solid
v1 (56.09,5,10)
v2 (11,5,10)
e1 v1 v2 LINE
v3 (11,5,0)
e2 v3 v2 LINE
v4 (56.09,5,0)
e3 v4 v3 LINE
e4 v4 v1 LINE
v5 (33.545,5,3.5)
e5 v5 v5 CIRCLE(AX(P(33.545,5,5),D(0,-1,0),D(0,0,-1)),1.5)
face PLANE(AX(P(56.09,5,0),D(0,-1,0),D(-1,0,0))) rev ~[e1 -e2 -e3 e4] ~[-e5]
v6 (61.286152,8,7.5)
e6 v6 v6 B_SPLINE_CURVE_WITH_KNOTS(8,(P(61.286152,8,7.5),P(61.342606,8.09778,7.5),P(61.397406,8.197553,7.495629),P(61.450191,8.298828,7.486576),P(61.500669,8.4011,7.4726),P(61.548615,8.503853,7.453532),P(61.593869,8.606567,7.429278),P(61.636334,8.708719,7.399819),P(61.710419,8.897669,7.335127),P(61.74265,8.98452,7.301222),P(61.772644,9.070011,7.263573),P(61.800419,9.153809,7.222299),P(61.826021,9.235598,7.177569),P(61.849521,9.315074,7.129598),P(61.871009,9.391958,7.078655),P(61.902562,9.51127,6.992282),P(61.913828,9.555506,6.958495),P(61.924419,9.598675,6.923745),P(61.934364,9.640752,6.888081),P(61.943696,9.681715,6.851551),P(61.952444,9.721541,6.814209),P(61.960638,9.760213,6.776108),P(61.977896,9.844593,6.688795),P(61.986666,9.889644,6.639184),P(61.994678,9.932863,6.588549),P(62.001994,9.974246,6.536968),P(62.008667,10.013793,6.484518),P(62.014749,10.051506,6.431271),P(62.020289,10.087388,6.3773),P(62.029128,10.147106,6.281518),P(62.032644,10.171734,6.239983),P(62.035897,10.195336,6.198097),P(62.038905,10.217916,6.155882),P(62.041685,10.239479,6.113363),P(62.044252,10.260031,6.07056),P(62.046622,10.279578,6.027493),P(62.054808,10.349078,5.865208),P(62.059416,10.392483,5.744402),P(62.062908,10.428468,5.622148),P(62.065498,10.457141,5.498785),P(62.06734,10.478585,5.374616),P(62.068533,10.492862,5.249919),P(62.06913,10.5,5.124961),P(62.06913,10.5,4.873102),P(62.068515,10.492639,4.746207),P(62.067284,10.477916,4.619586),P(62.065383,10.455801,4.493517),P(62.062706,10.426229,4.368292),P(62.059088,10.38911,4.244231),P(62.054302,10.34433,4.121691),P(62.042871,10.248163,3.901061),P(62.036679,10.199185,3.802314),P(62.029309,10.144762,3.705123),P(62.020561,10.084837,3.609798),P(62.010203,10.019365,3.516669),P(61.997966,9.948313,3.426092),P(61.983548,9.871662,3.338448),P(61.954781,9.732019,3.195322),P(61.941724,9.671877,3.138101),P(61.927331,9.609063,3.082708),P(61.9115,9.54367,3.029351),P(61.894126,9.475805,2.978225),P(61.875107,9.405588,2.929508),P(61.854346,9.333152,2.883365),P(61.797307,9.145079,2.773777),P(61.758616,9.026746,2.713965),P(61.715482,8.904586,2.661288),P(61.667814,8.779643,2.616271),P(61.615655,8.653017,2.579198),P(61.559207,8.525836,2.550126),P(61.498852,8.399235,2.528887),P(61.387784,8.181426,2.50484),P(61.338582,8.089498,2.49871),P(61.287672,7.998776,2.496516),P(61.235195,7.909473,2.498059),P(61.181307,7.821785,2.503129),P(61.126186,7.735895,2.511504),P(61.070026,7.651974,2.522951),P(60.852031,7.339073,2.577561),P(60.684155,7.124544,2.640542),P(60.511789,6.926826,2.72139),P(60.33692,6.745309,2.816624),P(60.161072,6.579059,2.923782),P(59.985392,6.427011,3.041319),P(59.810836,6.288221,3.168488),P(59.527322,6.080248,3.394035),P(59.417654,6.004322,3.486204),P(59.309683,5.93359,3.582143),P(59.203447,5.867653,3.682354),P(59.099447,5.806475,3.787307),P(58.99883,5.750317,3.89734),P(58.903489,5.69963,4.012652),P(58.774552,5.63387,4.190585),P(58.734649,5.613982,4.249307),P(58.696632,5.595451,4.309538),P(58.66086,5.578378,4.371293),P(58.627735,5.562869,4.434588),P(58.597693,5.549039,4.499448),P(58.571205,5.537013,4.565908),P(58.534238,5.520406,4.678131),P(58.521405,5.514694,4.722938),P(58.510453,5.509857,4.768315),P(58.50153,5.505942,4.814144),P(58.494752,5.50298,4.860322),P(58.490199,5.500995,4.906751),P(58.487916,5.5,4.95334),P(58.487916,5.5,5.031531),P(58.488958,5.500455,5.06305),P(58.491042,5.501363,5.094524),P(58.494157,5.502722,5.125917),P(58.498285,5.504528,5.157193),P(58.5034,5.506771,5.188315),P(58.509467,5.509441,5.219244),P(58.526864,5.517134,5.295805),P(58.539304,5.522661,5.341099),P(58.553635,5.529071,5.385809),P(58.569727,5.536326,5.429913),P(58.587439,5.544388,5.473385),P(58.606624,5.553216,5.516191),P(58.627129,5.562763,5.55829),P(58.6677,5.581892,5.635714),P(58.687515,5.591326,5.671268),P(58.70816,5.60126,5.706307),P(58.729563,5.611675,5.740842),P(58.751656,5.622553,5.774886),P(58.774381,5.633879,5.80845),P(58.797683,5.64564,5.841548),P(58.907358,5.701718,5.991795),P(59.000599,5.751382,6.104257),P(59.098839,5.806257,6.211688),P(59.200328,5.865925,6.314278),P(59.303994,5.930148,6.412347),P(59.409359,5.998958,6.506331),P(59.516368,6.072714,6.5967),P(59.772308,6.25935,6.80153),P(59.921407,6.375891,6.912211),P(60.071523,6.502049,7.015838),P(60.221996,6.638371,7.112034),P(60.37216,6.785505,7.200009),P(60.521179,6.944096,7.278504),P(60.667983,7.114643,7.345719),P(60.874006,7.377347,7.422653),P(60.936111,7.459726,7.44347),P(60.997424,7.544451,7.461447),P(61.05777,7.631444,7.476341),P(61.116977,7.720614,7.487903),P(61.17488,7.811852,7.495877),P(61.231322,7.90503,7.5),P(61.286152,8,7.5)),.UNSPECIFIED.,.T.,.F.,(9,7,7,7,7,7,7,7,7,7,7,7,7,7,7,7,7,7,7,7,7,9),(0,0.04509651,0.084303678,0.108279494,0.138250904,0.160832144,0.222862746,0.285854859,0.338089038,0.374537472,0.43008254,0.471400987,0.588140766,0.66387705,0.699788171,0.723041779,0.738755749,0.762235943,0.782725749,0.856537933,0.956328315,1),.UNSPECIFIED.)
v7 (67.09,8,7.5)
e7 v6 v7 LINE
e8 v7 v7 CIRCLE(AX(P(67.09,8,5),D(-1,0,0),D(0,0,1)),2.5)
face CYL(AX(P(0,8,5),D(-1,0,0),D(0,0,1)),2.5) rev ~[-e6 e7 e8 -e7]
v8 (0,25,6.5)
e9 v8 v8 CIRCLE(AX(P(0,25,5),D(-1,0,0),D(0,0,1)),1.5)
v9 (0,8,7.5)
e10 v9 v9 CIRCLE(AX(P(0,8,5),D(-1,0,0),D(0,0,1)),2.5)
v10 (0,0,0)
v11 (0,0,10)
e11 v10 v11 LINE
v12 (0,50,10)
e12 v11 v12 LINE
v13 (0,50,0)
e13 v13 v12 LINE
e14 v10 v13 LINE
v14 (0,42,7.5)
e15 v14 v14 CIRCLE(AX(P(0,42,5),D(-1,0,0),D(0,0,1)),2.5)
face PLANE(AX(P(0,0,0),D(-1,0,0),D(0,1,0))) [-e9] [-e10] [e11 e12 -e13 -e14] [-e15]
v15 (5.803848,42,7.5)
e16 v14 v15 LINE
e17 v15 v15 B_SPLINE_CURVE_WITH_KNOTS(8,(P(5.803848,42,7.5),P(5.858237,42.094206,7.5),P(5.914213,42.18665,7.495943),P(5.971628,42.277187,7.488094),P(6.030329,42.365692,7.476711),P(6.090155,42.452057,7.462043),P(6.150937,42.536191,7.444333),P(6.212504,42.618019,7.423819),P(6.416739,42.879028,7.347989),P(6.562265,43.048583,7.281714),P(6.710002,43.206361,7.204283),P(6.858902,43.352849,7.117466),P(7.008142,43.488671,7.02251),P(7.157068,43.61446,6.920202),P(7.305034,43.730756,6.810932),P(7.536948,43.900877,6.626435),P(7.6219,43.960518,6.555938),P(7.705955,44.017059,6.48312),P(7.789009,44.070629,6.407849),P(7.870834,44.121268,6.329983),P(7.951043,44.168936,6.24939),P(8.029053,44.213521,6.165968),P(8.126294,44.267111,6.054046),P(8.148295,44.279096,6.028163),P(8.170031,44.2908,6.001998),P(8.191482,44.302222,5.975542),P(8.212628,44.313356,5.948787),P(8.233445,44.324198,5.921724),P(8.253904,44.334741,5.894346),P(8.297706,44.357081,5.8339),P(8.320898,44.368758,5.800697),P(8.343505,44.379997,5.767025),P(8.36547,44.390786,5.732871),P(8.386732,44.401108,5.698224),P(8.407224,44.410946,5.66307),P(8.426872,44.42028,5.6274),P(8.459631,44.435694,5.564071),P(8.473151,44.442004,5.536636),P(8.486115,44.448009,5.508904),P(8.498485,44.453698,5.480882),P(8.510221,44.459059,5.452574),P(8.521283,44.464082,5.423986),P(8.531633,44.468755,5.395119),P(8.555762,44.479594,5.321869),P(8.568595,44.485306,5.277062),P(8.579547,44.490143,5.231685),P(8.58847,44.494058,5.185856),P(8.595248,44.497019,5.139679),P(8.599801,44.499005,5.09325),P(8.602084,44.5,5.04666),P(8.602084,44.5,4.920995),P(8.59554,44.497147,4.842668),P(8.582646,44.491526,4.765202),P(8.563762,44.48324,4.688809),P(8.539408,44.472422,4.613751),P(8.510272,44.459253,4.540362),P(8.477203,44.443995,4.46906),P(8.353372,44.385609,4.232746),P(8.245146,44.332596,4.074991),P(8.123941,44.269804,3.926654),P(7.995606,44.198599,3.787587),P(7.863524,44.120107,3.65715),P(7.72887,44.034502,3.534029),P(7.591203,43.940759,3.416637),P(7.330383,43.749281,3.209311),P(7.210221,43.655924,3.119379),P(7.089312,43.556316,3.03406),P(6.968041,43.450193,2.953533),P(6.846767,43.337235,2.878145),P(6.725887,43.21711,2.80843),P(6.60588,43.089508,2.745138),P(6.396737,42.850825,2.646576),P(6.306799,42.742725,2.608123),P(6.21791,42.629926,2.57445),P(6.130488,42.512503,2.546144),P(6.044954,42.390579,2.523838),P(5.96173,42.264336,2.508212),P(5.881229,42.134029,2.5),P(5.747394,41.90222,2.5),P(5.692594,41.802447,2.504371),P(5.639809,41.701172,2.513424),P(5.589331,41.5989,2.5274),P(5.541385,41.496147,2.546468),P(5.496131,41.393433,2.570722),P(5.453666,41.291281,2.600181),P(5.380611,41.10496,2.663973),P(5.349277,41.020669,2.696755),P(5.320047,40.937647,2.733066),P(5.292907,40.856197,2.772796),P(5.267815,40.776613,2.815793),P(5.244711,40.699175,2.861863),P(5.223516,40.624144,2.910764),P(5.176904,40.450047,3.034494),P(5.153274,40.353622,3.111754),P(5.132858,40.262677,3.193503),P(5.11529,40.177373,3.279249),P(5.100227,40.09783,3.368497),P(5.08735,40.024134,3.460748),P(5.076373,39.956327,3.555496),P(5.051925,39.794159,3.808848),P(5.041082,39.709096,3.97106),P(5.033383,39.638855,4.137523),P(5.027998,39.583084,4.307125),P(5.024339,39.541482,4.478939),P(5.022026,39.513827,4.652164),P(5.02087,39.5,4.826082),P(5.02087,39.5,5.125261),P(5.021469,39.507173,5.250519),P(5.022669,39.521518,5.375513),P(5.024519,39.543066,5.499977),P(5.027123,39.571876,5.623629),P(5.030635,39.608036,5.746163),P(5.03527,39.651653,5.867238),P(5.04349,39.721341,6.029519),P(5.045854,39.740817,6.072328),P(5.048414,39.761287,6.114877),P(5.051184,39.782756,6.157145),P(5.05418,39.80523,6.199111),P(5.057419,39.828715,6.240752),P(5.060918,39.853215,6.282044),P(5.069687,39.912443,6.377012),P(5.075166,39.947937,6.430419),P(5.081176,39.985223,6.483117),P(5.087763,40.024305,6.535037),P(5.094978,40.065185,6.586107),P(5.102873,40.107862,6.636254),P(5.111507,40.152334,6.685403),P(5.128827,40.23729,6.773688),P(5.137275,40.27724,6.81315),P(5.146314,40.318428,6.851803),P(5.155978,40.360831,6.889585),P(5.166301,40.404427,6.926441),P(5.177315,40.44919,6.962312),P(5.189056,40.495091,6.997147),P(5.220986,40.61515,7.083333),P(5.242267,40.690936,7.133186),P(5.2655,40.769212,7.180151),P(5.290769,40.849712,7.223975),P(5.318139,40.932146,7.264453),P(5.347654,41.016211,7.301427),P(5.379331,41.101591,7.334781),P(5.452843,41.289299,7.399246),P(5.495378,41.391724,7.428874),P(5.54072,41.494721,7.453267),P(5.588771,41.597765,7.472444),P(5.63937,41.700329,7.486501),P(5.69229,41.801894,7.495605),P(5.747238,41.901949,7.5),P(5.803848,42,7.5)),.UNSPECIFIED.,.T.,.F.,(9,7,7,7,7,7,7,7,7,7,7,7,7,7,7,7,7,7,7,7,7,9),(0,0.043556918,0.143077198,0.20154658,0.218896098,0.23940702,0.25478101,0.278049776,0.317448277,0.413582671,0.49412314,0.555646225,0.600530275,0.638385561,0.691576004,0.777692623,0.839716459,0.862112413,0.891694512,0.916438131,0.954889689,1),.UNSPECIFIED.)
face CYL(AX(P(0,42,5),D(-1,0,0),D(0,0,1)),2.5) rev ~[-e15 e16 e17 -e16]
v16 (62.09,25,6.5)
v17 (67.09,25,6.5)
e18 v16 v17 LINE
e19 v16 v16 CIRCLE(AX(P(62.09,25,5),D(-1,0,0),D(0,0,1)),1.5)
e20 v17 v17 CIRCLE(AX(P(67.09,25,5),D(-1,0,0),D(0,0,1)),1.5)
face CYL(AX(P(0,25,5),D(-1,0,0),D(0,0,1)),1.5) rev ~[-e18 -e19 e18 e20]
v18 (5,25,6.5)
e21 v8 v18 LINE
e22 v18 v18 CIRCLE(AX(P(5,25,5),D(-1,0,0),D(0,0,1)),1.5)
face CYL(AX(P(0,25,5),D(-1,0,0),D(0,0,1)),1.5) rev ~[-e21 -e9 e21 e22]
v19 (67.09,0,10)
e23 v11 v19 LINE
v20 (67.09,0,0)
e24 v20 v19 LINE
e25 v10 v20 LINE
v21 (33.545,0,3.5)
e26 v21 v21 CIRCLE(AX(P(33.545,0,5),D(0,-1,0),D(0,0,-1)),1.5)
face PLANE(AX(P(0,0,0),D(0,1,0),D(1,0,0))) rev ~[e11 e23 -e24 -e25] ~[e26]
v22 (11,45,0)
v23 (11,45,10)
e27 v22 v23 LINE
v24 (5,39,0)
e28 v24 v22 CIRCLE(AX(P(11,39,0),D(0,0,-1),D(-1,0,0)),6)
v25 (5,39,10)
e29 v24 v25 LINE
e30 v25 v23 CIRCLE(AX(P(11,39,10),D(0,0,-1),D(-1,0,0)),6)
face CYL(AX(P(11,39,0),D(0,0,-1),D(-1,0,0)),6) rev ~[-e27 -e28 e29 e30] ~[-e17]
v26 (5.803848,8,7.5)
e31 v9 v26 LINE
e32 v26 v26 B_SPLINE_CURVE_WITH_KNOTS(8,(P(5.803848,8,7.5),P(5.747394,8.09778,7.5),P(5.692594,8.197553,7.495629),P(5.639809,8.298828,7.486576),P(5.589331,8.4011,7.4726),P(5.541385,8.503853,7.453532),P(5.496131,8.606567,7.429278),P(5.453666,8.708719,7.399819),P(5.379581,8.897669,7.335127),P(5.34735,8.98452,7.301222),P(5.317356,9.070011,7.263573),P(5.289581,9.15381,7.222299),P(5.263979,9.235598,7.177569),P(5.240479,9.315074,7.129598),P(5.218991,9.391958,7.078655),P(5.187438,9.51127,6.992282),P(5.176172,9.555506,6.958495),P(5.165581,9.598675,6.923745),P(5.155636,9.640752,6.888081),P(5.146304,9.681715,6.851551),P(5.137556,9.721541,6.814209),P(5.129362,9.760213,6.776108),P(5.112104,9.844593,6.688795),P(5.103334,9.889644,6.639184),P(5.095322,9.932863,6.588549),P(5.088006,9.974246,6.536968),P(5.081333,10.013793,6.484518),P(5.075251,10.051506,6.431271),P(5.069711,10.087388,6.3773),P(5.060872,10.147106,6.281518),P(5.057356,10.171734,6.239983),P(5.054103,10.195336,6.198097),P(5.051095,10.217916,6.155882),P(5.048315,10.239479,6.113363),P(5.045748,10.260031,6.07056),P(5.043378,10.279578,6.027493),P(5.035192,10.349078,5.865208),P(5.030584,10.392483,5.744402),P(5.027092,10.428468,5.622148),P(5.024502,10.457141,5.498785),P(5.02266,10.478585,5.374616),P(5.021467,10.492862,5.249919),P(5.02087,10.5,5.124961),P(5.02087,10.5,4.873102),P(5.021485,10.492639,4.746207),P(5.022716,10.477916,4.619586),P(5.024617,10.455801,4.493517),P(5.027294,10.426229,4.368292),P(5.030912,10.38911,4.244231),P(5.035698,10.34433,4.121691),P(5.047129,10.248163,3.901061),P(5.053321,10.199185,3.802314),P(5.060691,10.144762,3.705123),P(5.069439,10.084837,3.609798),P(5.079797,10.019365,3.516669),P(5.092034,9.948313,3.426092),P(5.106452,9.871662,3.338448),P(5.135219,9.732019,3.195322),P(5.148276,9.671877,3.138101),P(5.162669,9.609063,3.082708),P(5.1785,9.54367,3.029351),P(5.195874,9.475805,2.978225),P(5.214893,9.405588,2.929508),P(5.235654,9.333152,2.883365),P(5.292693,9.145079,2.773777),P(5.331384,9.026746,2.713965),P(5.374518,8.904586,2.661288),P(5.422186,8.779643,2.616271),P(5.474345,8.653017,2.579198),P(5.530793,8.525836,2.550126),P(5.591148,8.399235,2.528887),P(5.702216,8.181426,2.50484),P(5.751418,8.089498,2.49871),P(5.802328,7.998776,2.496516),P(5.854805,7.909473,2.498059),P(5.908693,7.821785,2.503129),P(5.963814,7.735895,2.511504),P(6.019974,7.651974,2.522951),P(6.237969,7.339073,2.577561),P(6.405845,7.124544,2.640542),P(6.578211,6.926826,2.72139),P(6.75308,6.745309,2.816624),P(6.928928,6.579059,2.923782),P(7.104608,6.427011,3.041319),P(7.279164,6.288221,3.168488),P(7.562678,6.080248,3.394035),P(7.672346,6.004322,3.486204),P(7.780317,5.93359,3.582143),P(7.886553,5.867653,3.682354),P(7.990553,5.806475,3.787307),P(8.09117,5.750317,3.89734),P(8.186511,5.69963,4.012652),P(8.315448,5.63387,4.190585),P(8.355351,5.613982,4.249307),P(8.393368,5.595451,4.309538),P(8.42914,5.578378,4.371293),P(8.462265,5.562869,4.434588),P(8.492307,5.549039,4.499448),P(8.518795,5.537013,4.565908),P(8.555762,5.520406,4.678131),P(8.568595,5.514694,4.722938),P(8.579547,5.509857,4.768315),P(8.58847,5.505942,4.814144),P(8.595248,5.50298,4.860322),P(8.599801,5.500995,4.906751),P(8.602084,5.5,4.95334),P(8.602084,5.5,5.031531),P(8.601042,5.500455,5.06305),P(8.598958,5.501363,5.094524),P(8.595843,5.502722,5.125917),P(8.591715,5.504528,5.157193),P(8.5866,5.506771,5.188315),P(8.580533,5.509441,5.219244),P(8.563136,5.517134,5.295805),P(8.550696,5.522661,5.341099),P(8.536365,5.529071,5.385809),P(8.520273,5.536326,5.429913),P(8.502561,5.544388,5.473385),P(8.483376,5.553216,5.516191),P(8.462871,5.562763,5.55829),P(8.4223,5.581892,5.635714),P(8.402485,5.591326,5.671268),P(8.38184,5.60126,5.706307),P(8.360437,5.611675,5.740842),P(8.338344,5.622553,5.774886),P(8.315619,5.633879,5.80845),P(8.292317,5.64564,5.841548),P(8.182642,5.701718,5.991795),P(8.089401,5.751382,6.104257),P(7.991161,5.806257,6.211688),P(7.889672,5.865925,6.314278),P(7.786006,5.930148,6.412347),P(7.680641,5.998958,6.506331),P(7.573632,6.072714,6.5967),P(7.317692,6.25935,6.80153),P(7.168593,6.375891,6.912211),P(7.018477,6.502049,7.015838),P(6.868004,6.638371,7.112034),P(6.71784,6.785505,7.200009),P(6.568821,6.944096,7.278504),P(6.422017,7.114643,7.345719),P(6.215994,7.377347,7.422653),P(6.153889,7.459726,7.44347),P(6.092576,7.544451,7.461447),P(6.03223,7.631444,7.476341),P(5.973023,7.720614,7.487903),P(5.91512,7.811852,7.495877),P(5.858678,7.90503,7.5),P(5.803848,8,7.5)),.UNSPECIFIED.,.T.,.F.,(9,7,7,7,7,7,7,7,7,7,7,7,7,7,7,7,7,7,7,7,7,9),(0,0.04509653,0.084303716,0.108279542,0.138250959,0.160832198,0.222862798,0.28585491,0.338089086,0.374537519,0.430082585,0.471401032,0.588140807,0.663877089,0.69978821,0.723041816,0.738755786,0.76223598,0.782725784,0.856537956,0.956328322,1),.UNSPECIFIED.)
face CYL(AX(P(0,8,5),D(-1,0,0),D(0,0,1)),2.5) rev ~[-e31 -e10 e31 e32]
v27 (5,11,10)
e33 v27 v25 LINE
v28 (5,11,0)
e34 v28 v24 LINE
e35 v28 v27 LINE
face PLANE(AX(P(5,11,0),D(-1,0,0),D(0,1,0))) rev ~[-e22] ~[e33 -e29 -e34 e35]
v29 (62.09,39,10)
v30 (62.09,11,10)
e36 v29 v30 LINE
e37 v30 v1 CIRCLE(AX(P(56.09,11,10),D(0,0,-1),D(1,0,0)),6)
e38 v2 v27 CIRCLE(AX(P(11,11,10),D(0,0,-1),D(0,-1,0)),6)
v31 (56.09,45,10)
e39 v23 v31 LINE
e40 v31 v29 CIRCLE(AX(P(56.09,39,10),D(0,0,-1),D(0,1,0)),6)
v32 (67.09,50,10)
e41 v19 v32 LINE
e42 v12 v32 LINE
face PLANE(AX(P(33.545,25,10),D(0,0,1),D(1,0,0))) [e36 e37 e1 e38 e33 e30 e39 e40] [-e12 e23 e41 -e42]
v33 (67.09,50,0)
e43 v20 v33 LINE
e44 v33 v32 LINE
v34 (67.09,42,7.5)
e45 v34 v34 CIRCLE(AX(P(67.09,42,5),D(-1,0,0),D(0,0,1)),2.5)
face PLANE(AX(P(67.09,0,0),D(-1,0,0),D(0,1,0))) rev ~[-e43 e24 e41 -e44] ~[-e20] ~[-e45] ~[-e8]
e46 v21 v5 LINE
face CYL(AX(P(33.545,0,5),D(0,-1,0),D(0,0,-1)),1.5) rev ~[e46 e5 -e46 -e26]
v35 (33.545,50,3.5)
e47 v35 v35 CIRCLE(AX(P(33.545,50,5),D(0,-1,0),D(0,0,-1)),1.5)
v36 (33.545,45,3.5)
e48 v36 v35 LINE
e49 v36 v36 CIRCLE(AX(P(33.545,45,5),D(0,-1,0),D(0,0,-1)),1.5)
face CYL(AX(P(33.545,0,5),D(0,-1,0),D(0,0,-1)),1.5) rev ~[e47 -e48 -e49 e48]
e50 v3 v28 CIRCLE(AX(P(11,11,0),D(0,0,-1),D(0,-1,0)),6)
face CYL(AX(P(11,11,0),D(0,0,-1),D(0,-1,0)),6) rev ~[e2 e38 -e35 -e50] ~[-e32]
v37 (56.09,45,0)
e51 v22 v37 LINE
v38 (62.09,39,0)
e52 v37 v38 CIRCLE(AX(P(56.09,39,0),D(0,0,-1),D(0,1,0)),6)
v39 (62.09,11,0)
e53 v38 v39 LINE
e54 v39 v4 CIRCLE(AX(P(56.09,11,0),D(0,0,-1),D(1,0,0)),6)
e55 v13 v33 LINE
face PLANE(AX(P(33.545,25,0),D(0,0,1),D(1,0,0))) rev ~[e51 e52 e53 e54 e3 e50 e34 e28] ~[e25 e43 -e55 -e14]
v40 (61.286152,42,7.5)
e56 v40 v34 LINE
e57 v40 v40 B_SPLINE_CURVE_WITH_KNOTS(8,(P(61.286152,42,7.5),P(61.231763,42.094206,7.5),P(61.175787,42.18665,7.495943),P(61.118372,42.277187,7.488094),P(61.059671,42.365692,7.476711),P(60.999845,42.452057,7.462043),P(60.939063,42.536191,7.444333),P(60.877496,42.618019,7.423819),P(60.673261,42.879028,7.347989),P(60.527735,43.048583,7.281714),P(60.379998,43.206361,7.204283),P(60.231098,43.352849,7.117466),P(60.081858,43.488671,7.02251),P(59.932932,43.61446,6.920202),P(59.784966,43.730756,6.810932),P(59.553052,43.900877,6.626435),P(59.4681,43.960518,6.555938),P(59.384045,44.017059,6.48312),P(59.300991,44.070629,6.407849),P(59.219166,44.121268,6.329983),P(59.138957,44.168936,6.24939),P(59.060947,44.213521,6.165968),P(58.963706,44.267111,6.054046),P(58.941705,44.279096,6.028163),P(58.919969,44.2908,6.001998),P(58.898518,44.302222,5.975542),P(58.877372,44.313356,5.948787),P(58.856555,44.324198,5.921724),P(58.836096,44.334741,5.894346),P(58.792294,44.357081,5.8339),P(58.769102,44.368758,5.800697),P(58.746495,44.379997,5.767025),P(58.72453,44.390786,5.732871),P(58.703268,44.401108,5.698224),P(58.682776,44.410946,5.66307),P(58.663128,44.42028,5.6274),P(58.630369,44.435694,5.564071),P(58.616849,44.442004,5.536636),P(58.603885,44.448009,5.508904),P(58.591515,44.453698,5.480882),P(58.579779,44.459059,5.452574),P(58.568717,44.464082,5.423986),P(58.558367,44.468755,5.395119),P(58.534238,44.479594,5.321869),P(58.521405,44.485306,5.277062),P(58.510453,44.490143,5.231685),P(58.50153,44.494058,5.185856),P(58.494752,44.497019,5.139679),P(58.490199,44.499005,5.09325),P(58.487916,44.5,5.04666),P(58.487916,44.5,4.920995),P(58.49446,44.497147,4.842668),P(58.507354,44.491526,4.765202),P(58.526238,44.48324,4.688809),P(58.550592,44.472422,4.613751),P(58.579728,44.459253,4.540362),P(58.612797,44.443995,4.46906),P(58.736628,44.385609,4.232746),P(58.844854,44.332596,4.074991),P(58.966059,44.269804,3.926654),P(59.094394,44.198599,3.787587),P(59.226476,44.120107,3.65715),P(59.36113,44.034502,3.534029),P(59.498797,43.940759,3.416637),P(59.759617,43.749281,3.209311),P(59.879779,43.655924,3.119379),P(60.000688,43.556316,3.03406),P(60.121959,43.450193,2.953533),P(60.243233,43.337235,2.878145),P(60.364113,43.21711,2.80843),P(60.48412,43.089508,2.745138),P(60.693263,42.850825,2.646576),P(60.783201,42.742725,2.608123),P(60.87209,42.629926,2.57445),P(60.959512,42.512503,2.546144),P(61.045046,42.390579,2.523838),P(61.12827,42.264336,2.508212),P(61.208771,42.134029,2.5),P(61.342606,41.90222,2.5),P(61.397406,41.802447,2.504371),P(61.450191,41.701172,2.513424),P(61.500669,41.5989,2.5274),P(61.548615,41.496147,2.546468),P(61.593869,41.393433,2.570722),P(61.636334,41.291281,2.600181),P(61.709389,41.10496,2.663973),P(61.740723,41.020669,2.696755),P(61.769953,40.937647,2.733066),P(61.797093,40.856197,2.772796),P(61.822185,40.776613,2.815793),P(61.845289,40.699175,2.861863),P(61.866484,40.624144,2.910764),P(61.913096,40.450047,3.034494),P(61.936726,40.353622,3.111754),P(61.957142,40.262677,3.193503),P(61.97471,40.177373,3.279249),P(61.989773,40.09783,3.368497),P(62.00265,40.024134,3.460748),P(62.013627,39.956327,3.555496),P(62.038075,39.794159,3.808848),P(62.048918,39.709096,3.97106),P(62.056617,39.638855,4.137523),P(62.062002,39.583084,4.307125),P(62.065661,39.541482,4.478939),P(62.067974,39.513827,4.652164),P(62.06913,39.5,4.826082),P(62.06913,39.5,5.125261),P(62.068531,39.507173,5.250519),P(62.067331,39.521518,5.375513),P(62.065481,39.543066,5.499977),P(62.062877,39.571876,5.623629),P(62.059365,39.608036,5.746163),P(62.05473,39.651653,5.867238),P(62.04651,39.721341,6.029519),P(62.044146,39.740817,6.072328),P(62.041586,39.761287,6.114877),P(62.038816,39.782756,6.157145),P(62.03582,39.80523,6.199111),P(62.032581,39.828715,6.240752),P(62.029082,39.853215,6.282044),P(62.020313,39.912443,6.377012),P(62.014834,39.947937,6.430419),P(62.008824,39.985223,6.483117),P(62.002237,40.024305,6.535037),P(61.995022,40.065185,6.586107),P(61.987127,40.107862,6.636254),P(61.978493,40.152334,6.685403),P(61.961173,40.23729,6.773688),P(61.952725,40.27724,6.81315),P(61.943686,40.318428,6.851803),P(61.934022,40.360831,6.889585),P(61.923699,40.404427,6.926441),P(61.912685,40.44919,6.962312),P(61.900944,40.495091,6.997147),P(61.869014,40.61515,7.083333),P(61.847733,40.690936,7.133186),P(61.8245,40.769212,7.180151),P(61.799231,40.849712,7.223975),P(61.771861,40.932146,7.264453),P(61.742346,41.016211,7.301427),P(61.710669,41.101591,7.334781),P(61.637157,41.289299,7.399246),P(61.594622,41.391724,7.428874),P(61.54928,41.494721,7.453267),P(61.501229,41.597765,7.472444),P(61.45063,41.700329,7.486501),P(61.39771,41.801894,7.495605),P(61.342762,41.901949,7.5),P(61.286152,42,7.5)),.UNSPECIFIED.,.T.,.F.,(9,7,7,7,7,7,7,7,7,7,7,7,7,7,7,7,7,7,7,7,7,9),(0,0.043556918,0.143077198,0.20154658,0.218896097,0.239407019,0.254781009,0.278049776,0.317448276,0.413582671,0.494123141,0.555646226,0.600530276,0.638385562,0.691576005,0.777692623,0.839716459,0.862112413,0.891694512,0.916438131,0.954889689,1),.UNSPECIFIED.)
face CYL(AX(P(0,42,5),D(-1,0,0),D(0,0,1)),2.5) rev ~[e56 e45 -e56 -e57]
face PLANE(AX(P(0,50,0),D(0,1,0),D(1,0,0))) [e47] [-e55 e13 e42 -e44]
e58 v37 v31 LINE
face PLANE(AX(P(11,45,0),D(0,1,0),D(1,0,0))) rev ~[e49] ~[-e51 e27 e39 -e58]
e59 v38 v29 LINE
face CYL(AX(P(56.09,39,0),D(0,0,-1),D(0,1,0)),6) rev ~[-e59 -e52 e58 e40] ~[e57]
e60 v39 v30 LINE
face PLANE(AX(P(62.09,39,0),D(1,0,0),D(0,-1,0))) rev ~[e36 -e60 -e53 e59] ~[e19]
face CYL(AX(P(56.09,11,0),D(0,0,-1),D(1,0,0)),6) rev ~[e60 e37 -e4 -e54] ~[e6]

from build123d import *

# Parameters (mm, degrees)
SKETCH_1_W          = 67.09
SKETCH_1_H          = 50
EXTRUDE_1_DEPTH     = 10
SKETCH_2_R          = 2.5
SKETCH_2_R_2        = 1.5
CUT_EXTRUDE_1_DEPTH = 85.267835501
SKETCH_3_R          = 1.5
CUT_EXTRUDE_2_DEPTH = 85.267835592


with BuildPart() as part:
    # 草图1 → 凸台-拉伸1 (new body)
    with BuildSketch(Plane.XY):
        with Locations((33.545, 25)):
            Rectangle(SKETCH_1_W, SKETCH_1_H)
        with BuildLine():
            Line((11, 45), (56.09, 45))
            ThreePointArc((56.09, 45), (60.332640687, 43.242640687), (62.09, 39))
            Line((62.09, 39), (62.09, 11))
            ThreePointArc((62.09, 11), (60.332640687, 6.757359313), (56.09, 5))
            Line((56.09, 5), (11, 5))
            ThreePointArc((11, 5), (6.757359313, 6.757359313), (5, 11))
            Line((5, 11), (5, 39))
            ThreePointArc((5, 39), (6.757359313, 43.242640687), (11, 45))
        make_face(mode=Mode.SUBTRACT)
    extrude(amount=EXTRUDE_1_DEPTH)

    # 草图2 → 切除-拉伸1 (cut, through all)
    with BuildSketch(Plane.ZY):
        with Locations((5, 42)):
            Circle(SKETCH_2_R)
        with Locations((5, 8)):
            Circle(SKETCH_2_R)
        with Locations((5, 25)):
            Circle(SKETCH_2_R_2)
    extrude(amount=-CUT_EXTRUDE_1_DEPTH, mode=Mode.SUBTRACT)

    # 草图3 → 切除-拉伸2 (cut, through all)
    with BuildSketch(Plane.XZ):
        with Locations(Location((33.545, 5, 0), (0, 0, 270))):
            Circle(SKETCH_3_R)
    extrude(amount=-CUT_EXTRUDE_2_DEPTH, mode=Mode.SUBTRACT)


solid = part.part
